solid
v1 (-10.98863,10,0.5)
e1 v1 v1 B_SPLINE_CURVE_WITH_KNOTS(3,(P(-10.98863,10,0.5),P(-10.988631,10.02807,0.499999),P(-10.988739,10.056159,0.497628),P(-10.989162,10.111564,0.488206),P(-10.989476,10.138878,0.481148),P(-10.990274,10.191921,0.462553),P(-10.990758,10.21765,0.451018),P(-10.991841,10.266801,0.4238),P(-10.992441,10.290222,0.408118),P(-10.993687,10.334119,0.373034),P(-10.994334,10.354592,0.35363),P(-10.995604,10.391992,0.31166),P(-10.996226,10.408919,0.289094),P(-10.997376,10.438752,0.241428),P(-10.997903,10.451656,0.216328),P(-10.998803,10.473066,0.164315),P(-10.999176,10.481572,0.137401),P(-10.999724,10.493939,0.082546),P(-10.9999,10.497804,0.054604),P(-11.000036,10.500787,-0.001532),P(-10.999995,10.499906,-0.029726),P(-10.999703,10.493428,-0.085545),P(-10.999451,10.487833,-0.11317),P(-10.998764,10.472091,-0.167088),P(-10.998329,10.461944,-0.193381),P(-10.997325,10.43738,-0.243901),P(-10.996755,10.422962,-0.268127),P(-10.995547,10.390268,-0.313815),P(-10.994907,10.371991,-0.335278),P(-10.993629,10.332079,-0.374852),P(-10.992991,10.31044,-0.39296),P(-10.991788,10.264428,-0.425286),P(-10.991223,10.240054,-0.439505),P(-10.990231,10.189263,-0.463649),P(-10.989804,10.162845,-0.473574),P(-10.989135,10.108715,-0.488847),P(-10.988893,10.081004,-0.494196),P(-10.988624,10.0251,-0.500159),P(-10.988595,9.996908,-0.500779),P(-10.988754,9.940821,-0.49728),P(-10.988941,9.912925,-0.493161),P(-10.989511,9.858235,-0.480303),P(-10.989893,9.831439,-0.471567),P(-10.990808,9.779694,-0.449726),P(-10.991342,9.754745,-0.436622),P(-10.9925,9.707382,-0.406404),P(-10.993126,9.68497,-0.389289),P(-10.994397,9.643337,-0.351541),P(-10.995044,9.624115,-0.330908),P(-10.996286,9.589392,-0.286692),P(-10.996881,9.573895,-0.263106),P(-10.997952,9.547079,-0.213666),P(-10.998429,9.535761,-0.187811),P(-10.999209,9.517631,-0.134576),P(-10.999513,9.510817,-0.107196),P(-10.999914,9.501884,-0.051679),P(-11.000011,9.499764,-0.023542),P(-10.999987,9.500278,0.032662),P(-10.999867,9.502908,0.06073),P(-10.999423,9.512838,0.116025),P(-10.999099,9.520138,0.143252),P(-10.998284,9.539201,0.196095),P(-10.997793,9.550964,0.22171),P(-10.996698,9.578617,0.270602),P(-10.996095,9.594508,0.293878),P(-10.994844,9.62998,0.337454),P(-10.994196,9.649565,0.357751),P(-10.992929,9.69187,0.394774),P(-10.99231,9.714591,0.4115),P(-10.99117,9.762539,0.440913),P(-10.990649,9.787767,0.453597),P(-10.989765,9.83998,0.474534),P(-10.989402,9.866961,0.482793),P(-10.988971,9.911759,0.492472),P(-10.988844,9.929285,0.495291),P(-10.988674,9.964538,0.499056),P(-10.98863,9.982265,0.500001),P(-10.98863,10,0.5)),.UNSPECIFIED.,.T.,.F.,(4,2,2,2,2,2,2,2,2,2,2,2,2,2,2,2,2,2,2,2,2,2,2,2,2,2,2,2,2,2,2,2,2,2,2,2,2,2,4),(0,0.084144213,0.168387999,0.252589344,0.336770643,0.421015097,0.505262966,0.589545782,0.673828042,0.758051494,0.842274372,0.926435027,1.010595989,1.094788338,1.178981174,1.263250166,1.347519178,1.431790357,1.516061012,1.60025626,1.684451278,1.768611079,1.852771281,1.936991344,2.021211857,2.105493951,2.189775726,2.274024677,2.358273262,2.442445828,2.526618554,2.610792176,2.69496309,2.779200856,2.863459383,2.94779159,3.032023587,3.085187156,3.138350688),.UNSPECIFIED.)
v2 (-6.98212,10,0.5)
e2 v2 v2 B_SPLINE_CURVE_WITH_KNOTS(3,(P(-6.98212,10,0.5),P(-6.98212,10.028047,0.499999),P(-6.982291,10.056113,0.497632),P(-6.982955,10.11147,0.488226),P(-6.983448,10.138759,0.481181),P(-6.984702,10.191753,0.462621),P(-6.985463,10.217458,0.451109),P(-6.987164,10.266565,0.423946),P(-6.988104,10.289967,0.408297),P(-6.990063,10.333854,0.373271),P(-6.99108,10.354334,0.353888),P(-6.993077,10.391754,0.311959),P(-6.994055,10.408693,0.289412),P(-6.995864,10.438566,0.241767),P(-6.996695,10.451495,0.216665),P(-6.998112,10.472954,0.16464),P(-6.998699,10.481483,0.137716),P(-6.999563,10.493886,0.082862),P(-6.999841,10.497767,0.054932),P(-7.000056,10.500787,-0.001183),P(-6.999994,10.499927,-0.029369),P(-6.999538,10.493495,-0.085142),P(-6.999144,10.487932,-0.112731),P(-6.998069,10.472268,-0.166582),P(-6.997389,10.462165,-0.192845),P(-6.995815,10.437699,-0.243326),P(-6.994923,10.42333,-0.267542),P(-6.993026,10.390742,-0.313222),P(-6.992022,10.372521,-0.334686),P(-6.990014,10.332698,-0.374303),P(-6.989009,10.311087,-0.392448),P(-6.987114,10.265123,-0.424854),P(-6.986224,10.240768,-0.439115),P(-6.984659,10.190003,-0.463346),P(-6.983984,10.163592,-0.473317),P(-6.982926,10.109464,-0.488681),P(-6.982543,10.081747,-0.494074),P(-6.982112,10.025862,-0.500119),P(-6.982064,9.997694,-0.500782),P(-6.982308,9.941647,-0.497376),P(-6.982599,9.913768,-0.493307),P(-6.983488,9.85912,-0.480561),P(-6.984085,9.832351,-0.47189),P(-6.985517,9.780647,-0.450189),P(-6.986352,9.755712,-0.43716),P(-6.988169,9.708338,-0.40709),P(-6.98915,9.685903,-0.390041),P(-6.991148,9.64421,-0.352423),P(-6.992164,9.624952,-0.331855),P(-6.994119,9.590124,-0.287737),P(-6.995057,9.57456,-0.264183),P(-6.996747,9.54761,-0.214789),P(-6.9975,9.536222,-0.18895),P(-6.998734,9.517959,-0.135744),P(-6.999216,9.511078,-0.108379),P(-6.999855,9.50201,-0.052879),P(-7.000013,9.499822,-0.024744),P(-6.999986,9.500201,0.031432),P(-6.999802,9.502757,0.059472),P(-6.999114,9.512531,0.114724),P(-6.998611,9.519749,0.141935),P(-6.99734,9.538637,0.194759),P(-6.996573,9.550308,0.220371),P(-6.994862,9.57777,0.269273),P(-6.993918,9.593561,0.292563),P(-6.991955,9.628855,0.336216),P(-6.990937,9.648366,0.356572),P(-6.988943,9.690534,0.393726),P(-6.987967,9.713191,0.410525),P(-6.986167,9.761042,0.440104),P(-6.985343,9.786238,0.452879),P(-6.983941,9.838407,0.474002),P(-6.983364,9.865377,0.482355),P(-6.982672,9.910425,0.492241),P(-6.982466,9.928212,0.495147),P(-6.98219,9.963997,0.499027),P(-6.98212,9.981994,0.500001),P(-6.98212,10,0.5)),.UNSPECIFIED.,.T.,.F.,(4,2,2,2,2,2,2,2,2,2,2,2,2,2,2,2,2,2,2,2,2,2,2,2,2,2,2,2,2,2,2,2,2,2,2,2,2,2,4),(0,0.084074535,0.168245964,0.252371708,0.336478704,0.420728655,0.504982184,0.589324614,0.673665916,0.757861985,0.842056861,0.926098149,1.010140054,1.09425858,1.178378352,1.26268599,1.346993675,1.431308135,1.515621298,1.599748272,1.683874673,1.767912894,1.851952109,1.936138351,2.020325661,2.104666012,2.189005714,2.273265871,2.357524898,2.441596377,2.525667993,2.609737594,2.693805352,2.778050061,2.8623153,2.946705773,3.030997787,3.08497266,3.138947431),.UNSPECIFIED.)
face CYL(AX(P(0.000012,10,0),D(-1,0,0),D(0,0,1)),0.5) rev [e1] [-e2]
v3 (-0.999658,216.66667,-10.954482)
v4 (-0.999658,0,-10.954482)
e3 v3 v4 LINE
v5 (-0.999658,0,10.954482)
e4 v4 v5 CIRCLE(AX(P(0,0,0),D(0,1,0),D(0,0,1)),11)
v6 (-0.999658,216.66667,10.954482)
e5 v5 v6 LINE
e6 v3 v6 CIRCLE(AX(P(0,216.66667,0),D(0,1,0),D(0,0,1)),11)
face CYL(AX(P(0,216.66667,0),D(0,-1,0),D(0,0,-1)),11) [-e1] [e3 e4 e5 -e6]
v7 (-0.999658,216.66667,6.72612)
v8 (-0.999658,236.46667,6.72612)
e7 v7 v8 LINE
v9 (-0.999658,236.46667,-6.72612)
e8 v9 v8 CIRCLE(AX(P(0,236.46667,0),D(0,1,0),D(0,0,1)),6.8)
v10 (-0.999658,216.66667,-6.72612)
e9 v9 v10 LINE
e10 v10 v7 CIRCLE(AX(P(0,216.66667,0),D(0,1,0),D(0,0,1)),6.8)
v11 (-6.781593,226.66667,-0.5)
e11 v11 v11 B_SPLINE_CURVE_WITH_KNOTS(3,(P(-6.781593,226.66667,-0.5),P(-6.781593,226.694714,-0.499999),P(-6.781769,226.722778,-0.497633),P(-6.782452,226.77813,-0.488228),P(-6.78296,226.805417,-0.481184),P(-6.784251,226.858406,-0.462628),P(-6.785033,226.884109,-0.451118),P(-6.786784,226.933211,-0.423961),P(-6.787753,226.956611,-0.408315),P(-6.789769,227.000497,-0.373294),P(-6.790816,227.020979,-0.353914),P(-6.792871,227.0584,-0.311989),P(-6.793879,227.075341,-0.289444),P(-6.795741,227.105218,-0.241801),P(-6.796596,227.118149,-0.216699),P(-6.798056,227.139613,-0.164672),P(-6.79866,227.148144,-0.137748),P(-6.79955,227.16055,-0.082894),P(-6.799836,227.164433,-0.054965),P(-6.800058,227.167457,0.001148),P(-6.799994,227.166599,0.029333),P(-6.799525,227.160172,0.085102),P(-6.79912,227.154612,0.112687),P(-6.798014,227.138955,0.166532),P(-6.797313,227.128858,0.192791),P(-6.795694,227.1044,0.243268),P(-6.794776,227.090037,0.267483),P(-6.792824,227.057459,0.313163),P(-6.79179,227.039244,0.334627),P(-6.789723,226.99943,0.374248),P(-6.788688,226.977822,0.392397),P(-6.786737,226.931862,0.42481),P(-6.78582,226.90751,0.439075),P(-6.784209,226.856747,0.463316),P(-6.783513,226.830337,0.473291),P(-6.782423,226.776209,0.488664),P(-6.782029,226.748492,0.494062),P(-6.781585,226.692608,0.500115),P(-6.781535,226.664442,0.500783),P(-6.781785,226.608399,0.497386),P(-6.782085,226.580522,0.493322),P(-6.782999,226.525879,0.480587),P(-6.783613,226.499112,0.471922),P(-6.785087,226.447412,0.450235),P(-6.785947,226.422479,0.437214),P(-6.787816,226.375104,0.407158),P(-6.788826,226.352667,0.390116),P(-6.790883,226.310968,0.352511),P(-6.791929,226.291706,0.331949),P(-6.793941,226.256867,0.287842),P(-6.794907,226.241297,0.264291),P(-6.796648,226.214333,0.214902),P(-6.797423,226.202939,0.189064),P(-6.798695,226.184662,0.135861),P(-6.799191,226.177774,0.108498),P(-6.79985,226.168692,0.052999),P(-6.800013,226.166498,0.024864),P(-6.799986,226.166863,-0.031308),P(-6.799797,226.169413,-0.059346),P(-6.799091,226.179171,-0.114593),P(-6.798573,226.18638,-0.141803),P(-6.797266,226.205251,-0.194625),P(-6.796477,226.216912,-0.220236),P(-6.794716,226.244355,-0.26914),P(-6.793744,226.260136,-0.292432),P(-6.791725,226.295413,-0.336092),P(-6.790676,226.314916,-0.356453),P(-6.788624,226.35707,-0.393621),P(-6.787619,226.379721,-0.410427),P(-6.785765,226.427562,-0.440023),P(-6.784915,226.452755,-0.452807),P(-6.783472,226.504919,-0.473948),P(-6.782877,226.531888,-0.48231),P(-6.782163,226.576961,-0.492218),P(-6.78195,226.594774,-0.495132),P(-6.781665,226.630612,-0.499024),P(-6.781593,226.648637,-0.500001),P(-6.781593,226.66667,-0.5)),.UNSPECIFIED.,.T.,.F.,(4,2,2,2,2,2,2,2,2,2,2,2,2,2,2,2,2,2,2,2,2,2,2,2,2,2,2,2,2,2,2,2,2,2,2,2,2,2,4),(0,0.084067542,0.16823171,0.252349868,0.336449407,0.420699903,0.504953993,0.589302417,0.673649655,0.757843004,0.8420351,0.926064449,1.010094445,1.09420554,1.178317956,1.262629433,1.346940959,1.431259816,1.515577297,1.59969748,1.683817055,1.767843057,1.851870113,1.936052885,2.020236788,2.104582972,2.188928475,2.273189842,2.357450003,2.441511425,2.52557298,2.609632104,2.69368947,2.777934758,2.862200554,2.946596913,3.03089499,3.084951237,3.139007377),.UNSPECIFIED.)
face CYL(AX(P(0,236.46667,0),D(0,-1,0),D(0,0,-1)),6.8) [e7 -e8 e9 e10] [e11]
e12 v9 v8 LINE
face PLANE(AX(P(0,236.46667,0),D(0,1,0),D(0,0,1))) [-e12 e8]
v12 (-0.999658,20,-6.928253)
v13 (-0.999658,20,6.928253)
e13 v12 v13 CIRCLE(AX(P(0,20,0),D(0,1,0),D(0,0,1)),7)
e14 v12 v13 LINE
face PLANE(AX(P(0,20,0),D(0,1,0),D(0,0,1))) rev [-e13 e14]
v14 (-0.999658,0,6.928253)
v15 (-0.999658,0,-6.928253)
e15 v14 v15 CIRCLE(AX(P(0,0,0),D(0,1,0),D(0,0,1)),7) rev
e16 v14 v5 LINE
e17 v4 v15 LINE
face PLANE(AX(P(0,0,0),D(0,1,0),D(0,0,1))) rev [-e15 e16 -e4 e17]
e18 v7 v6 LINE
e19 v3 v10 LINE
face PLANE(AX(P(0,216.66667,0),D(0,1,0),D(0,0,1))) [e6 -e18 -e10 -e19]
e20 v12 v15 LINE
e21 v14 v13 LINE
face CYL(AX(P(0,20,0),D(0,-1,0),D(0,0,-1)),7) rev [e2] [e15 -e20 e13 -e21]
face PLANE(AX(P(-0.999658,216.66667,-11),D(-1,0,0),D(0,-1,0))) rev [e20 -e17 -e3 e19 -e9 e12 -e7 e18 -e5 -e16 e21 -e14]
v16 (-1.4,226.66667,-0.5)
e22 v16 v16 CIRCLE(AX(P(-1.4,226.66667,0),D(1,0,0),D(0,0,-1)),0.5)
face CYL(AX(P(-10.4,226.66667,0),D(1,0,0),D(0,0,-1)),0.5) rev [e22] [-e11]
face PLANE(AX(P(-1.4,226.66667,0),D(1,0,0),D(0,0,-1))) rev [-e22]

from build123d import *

# Parameters (mm, degrees)
BOSS_EXTRUDE1_DEPTH     = 216.66667
BOSS_EXTRUDE2_START     = 216.66667
BOSS_EXTRUDE2_DEPTH     = 19.8
CUT_EXTRUDE2_START      = -1.4
SKETCH4_R               = 0.5
CUT_EXTRUDE2_DEPTH      = 9
SKETCH6_R               = 7
CUT_EXTRUDE3_DEPTH      = 20
CUT_EXTRUDE4_DEPTH      = 237.977817671
CUT_EXTRUDE4_DEPTH_BACK = 20
SKETCH7_R               = 0.5
CUT_EXTRUDE5_DEPTH      = 237.97781768
CUT_EXTRUDE5_DEPTH_BACK = 237.97781768
SKETCH10_R              = 0.5
CUT_EXTRUDE6_DEPTH      = 237.97781768
CUT_EXTRUDE6_DEPTH_BACK = 237.97781768
SKETCH11_W              = 3.5
SKETCH11_H              = 216.66667
CUT_EXTRUDE7_DEPTH      = 237.975709212
CUT_EXTRUDE7_DEPTH_BACK = 237.975709212
SKETCH12_W              = 3.499316008
SKETCH12_H              = 20


with BuildPart() as part:
    # Sketch1 → Boss-Extrude1 (new body)
    with BuildSketch(Plane(origin=(0, 0, 0), x_dir=(1, 0, 0), z_dir=(0, 1, 0))):
        with BuildLine():
            Line((0, 11), (0, -11))
            ThreePointArc((0, -11), (-11, 0), (0, 11))
        make_face()
    extrude(amount=BOSS_EXTRUDE1_DEPTH)

    # Sketch2 → Boss-Extrude2 (add)
    with BuildSketch(Plane(origin=(0, 0, 0), x_dir=(1, 0, 0), z_dir=(0, 1, 0)).offset(BOSS_EXTRUDE2_START)):
        with BuildLine():
            Line((0, 6.8), (0, -6.8))
            ThreePointArc((0, -6.8), (-6.8, 0), (0, 6.8))
        make_face()
    extrude(amount=BOSS_EXTRUDE2_DEPTH)

    # Sketch4 → Cut-Extrude2 (cut)
    with BuildSketch(Plane(origin=(0, 0, 0), x_dir=(0, 0, -1), z_dir=(1, 0, 0)).offset(CUT_EXTRUDE2_START)):
        with Locations((0, 226.66667)):
            Circle(SKETCH4_R)
    extrude(amount=-CUT_EXTRUDE2_DEPTH, mode=Mode.SUBTRACT)

    # Sketch6 → Cut-Extrude3 (cut)
    with BuildSketch(Plane(origin=(0, 0, 0), x_dir=(1, 0, 0), z_dir=(0, 1, 0))):
        Circle(SKETCH6_R)
    extrude(amount=CUT_EXTRUDE3_DEPTH, mode=Mode.SUBTRACT)

    # Sketch7 → Cut-Extrude4 (cut, two sides: drawn at the far end of the back side and taken through both)
    with BuildSketch(Plane(origin=(0, 0, 0), x_dir=(0, 0, -1), z_dir=(1, 0, 0)).offset(-CUT_EXTRUDE4_DEPTH_BACK)):
        with Locations(Location((0, 10, 0), (0, 0, 180))):
            Circle(SKETCH7_R)
    extrude(amount=CUT_EXTRUDE4_DEPTH + CUT_EXTRUDE4_DEPTH_BACK, mode=Mode.SUBTRACT)

    # Sketch10 → Cut-Extrude5 (cut, two sides: drawn at the far end of the back side and taken through both)
    with BuildSketch(Plane.XY.offset(-CUT_EXTRUDE5_DEPTH_BACK)):
        with Locations((0, 5)):
            Circle(SKETCH10_R)
    extrude(amount=CUT_EXTRUDE5_DEPTH + CUT_EXTRUDE5_DEPTH_BACK, mode=Mode.SUBTRACT)

    # Sketch11 → Cut-Extrude6 (cut, two sides: drawn at the far end of the back side and taken through both)
    with BuildSketch(Plane.XY.offset(-CUT_EXTRUDE6_DEPTH_BACK)):
        with Locations((0.750341996, 108.333335)):
            Rectangle(SKETCH11_W, SKETCH11_H)
    extrude(amount=CUT_EXTRUDE6_DEPTH + CUT_EXTRUDE6_DEPTH_BACK, mode=Mode.SUBTRACT)

    # Sketch12 → Cut-Extrude7 (cut, two sides: drawn at the far end of the back side and taken through both)
    with BuildSketch(Plane.XY.offset(-CUT_EXTRUDE7_DEPTH_BACK)):
        with Locations((0.75, 226.66667)):
            Rectangle(SKETCH12_W, SKETCH12_H)
    extrude(amount=CUT_EXTRUDE7_DEPTH + CUT_EXTRUDE7_DEPTH_BACK, mode=Mode.SUBTRACT)


solid = part.part
